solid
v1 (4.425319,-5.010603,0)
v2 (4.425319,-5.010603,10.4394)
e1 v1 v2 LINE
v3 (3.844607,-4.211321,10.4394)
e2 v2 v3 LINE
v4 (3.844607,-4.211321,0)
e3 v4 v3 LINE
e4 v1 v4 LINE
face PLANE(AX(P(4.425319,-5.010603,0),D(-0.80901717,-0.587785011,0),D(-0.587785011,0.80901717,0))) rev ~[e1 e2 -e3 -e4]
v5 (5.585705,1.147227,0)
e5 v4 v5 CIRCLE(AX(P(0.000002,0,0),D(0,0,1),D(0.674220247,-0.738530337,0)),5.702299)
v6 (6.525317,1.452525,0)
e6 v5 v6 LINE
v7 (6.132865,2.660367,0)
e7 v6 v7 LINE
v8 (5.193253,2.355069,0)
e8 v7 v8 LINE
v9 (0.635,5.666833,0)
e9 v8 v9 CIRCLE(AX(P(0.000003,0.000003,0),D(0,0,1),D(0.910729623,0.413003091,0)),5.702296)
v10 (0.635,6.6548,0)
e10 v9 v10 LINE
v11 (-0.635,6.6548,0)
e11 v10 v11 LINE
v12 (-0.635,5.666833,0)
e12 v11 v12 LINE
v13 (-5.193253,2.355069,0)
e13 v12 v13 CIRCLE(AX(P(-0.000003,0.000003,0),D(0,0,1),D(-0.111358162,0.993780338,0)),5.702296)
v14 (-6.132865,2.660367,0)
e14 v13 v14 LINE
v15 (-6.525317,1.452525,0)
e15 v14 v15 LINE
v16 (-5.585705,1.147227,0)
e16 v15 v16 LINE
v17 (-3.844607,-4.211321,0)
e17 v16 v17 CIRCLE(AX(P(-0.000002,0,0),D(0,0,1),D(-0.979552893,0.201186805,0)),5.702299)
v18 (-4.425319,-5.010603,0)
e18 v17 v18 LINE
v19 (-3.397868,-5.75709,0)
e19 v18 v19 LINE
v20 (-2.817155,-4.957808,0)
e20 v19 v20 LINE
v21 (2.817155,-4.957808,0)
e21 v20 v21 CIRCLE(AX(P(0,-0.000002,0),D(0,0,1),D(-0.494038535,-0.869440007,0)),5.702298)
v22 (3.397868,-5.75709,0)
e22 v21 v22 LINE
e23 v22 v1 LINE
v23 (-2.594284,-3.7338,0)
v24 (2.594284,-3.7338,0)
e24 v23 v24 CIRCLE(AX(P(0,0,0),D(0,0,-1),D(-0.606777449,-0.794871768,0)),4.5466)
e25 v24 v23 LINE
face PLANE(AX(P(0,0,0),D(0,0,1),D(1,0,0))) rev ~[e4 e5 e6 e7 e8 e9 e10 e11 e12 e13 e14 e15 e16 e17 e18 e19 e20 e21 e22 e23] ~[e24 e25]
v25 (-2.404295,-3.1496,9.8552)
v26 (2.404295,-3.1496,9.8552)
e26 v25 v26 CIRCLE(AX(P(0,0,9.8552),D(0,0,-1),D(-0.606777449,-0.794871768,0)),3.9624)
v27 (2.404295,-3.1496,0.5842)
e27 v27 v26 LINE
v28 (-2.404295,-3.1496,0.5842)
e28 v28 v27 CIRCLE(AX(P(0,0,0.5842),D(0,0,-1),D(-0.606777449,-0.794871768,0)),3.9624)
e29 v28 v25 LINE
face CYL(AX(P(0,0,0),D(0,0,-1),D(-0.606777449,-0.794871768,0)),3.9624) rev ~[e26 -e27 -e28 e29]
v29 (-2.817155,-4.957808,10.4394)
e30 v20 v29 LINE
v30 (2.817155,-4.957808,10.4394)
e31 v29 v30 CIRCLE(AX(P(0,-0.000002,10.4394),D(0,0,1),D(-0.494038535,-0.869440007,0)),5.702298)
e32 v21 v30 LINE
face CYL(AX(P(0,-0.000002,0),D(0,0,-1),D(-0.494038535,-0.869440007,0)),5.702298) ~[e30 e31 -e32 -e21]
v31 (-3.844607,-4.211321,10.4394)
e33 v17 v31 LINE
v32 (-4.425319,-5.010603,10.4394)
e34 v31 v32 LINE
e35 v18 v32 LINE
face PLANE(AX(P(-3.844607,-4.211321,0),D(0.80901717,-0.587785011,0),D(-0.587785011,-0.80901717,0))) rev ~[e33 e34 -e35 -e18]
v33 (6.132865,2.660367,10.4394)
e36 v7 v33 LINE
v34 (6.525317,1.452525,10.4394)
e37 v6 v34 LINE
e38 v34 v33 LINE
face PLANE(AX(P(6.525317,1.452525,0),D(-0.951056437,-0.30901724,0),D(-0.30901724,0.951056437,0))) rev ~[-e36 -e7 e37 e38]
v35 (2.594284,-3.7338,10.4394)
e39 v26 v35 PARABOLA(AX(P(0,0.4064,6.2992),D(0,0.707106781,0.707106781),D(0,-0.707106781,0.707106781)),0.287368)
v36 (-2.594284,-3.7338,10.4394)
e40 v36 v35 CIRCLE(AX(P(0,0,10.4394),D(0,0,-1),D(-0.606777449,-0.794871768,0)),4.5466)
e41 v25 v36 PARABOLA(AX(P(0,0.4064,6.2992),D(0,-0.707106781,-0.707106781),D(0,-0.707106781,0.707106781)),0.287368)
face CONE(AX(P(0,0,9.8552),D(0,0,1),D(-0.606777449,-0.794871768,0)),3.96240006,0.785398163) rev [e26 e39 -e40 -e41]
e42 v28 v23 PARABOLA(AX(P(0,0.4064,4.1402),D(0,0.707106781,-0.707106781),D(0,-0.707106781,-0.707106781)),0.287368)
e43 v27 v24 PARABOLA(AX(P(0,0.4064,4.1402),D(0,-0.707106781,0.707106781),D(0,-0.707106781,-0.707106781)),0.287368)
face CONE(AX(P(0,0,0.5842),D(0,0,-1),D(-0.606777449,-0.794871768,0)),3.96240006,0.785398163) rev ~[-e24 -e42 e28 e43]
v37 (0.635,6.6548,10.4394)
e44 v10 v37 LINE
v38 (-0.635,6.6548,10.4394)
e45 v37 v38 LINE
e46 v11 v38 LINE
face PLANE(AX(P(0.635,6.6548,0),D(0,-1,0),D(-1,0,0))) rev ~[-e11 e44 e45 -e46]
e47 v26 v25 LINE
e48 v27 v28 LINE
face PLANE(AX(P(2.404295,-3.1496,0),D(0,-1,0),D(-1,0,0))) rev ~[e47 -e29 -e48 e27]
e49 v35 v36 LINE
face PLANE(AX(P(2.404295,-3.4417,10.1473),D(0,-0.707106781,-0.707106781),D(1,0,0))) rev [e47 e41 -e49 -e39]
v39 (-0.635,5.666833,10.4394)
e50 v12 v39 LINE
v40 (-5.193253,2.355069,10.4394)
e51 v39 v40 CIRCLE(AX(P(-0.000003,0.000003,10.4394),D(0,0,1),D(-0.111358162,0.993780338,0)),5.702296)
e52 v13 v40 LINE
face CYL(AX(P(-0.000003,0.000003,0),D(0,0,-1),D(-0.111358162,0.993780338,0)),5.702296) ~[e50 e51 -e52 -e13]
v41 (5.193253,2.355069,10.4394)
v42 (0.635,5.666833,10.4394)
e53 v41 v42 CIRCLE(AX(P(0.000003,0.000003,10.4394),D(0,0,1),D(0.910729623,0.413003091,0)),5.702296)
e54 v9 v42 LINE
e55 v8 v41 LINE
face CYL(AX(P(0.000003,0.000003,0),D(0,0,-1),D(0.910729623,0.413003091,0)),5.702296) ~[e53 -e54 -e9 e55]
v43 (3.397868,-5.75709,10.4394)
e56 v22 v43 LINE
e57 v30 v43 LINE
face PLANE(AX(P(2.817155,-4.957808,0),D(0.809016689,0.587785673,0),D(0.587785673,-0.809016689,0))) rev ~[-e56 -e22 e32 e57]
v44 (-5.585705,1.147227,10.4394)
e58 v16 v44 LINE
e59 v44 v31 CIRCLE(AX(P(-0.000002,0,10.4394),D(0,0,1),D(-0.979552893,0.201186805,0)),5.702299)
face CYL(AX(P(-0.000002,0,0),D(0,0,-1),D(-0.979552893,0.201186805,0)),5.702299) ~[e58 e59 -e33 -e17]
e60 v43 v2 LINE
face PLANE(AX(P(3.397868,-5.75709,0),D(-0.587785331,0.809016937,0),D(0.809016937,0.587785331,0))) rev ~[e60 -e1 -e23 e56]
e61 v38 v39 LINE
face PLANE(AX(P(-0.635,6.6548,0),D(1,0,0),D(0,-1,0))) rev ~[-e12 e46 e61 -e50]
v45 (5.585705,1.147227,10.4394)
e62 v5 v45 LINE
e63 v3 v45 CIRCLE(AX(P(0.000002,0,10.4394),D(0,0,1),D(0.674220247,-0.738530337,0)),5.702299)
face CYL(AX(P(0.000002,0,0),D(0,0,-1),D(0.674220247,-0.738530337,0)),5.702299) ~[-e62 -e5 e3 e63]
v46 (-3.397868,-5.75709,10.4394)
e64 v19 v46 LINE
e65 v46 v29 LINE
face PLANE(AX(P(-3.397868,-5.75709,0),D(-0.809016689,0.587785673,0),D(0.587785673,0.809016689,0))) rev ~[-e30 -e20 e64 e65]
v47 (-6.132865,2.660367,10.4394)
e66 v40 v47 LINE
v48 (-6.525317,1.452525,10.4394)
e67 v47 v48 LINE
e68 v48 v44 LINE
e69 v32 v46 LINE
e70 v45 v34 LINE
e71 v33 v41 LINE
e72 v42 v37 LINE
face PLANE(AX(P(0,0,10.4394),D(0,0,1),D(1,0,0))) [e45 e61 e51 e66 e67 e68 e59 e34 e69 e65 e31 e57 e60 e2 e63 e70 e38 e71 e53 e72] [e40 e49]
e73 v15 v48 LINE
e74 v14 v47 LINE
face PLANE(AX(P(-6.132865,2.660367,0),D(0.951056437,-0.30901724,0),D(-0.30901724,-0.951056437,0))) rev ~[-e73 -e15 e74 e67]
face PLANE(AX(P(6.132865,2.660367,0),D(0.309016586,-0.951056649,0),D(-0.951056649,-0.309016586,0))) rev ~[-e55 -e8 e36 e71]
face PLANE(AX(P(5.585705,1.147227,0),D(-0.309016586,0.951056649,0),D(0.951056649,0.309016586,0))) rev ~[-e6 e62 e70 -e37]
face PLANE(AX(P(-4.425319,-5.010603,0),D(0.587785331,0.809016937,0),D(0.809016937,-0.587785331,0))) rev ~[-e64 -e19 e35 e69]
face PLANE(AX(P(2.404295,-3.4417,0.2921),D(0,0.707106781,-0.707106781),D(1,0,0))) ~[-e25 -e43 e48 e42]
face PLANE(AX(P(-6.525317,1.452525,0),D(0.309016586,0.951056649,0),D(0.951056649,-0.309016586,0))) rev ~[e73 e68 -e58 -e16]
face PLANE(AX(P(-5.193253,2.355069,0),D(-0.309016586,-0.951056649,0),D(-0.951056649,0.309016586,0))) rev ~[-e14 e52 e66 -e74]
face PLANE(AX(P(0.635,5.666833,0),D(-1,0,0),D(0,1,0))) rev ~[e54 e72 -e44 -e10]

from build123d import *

# Parameters (mm, degrees)
F1_DEPTH = 10.4394
F2_SIZE  = 0.5842


with BuildPart() as f1:
    # F0 (on Top) → F1 (new body)
    with BuildSketch(Plane.XY):
        with BuildLine():
            Line((-6.525317, 1.452525), (-5.585705, 1.147227))
            ThreePointArc((-5.585705, 1.147227), (-5.42321, -1.762108), (-3.844607, -4.211321))
            Line((-3.844607, -4.211321), (-4.425319, -5.010603))
            Line((-4.425319, -5.010603), (-3.397868, -5.75709))
            Line((-3.397868, -5.75709), (-2.817155, -4.957808))
            ThreePointArc((-2.817155, -4.957808), (0, -5.7023), (2.817155, -4.957808))
            Line((2.817155, -4.957808), (3.397868, -5.75709))
            Line((3.397868, -5.75709), (4.425319, -5.010603))
            Line((4.425319, -5.010603), (3.844607, -4.211321))
            ThreePointArc((3.844607, -4.211321), (5.42321, -1.762108), (5.585705, 1.147227))
            Line((5.585705, 1.147227), (6.525317, 1.452525))
            Line((6.525317, 1.452525), (6.132865, 2.660367))
            Line((6.132865, 2.660367), (5.193253, 2.355069))
            ThreePointArc((5.193253, 2.355069), (3.351728, 4.613258), (0.635, 5.666833))
            Line((0.635, 5.666833), (0.635, 6.6548))
            Line((0.635, 6.6548), (-0.635, 6.6548))
            Line((-0.635, 6.6548), (-0.635, 5.666833))
            ThreePointArc((-0.635, 5.666833), (-3.351728, 4.613258), (-5.193253, 2.355069))
            Line((-5.193253, 2.355069), (-6.132865, 2.660367))
            Line((-6.132865, 2.660367), (-6.525317, 1.452525))
        make_face()
        with BuildLine():
            ThreePointArc((-2.404295, -3.1496), (0, 3.9624), (2.404295, -3.1496))
            Line((2.404295, -3.1496), (-2.404295, -3.1496))
        make_face(mode=Mode.SUBTRACT)
    extrude(amount=F1_DEPTH)

    # F2
    f2_edges = [f1.edges().sort_by_distance(p)[0] for p in [
        (0, 3.9624, 10.4394),
        (0, -3.1496, 10.4394),
        (0, -3.1496, 0),
        (0, 3.9624, 0),
    ]]
    chamfer(f2_edges, length=F2_SIZE)


solid = f1.part
